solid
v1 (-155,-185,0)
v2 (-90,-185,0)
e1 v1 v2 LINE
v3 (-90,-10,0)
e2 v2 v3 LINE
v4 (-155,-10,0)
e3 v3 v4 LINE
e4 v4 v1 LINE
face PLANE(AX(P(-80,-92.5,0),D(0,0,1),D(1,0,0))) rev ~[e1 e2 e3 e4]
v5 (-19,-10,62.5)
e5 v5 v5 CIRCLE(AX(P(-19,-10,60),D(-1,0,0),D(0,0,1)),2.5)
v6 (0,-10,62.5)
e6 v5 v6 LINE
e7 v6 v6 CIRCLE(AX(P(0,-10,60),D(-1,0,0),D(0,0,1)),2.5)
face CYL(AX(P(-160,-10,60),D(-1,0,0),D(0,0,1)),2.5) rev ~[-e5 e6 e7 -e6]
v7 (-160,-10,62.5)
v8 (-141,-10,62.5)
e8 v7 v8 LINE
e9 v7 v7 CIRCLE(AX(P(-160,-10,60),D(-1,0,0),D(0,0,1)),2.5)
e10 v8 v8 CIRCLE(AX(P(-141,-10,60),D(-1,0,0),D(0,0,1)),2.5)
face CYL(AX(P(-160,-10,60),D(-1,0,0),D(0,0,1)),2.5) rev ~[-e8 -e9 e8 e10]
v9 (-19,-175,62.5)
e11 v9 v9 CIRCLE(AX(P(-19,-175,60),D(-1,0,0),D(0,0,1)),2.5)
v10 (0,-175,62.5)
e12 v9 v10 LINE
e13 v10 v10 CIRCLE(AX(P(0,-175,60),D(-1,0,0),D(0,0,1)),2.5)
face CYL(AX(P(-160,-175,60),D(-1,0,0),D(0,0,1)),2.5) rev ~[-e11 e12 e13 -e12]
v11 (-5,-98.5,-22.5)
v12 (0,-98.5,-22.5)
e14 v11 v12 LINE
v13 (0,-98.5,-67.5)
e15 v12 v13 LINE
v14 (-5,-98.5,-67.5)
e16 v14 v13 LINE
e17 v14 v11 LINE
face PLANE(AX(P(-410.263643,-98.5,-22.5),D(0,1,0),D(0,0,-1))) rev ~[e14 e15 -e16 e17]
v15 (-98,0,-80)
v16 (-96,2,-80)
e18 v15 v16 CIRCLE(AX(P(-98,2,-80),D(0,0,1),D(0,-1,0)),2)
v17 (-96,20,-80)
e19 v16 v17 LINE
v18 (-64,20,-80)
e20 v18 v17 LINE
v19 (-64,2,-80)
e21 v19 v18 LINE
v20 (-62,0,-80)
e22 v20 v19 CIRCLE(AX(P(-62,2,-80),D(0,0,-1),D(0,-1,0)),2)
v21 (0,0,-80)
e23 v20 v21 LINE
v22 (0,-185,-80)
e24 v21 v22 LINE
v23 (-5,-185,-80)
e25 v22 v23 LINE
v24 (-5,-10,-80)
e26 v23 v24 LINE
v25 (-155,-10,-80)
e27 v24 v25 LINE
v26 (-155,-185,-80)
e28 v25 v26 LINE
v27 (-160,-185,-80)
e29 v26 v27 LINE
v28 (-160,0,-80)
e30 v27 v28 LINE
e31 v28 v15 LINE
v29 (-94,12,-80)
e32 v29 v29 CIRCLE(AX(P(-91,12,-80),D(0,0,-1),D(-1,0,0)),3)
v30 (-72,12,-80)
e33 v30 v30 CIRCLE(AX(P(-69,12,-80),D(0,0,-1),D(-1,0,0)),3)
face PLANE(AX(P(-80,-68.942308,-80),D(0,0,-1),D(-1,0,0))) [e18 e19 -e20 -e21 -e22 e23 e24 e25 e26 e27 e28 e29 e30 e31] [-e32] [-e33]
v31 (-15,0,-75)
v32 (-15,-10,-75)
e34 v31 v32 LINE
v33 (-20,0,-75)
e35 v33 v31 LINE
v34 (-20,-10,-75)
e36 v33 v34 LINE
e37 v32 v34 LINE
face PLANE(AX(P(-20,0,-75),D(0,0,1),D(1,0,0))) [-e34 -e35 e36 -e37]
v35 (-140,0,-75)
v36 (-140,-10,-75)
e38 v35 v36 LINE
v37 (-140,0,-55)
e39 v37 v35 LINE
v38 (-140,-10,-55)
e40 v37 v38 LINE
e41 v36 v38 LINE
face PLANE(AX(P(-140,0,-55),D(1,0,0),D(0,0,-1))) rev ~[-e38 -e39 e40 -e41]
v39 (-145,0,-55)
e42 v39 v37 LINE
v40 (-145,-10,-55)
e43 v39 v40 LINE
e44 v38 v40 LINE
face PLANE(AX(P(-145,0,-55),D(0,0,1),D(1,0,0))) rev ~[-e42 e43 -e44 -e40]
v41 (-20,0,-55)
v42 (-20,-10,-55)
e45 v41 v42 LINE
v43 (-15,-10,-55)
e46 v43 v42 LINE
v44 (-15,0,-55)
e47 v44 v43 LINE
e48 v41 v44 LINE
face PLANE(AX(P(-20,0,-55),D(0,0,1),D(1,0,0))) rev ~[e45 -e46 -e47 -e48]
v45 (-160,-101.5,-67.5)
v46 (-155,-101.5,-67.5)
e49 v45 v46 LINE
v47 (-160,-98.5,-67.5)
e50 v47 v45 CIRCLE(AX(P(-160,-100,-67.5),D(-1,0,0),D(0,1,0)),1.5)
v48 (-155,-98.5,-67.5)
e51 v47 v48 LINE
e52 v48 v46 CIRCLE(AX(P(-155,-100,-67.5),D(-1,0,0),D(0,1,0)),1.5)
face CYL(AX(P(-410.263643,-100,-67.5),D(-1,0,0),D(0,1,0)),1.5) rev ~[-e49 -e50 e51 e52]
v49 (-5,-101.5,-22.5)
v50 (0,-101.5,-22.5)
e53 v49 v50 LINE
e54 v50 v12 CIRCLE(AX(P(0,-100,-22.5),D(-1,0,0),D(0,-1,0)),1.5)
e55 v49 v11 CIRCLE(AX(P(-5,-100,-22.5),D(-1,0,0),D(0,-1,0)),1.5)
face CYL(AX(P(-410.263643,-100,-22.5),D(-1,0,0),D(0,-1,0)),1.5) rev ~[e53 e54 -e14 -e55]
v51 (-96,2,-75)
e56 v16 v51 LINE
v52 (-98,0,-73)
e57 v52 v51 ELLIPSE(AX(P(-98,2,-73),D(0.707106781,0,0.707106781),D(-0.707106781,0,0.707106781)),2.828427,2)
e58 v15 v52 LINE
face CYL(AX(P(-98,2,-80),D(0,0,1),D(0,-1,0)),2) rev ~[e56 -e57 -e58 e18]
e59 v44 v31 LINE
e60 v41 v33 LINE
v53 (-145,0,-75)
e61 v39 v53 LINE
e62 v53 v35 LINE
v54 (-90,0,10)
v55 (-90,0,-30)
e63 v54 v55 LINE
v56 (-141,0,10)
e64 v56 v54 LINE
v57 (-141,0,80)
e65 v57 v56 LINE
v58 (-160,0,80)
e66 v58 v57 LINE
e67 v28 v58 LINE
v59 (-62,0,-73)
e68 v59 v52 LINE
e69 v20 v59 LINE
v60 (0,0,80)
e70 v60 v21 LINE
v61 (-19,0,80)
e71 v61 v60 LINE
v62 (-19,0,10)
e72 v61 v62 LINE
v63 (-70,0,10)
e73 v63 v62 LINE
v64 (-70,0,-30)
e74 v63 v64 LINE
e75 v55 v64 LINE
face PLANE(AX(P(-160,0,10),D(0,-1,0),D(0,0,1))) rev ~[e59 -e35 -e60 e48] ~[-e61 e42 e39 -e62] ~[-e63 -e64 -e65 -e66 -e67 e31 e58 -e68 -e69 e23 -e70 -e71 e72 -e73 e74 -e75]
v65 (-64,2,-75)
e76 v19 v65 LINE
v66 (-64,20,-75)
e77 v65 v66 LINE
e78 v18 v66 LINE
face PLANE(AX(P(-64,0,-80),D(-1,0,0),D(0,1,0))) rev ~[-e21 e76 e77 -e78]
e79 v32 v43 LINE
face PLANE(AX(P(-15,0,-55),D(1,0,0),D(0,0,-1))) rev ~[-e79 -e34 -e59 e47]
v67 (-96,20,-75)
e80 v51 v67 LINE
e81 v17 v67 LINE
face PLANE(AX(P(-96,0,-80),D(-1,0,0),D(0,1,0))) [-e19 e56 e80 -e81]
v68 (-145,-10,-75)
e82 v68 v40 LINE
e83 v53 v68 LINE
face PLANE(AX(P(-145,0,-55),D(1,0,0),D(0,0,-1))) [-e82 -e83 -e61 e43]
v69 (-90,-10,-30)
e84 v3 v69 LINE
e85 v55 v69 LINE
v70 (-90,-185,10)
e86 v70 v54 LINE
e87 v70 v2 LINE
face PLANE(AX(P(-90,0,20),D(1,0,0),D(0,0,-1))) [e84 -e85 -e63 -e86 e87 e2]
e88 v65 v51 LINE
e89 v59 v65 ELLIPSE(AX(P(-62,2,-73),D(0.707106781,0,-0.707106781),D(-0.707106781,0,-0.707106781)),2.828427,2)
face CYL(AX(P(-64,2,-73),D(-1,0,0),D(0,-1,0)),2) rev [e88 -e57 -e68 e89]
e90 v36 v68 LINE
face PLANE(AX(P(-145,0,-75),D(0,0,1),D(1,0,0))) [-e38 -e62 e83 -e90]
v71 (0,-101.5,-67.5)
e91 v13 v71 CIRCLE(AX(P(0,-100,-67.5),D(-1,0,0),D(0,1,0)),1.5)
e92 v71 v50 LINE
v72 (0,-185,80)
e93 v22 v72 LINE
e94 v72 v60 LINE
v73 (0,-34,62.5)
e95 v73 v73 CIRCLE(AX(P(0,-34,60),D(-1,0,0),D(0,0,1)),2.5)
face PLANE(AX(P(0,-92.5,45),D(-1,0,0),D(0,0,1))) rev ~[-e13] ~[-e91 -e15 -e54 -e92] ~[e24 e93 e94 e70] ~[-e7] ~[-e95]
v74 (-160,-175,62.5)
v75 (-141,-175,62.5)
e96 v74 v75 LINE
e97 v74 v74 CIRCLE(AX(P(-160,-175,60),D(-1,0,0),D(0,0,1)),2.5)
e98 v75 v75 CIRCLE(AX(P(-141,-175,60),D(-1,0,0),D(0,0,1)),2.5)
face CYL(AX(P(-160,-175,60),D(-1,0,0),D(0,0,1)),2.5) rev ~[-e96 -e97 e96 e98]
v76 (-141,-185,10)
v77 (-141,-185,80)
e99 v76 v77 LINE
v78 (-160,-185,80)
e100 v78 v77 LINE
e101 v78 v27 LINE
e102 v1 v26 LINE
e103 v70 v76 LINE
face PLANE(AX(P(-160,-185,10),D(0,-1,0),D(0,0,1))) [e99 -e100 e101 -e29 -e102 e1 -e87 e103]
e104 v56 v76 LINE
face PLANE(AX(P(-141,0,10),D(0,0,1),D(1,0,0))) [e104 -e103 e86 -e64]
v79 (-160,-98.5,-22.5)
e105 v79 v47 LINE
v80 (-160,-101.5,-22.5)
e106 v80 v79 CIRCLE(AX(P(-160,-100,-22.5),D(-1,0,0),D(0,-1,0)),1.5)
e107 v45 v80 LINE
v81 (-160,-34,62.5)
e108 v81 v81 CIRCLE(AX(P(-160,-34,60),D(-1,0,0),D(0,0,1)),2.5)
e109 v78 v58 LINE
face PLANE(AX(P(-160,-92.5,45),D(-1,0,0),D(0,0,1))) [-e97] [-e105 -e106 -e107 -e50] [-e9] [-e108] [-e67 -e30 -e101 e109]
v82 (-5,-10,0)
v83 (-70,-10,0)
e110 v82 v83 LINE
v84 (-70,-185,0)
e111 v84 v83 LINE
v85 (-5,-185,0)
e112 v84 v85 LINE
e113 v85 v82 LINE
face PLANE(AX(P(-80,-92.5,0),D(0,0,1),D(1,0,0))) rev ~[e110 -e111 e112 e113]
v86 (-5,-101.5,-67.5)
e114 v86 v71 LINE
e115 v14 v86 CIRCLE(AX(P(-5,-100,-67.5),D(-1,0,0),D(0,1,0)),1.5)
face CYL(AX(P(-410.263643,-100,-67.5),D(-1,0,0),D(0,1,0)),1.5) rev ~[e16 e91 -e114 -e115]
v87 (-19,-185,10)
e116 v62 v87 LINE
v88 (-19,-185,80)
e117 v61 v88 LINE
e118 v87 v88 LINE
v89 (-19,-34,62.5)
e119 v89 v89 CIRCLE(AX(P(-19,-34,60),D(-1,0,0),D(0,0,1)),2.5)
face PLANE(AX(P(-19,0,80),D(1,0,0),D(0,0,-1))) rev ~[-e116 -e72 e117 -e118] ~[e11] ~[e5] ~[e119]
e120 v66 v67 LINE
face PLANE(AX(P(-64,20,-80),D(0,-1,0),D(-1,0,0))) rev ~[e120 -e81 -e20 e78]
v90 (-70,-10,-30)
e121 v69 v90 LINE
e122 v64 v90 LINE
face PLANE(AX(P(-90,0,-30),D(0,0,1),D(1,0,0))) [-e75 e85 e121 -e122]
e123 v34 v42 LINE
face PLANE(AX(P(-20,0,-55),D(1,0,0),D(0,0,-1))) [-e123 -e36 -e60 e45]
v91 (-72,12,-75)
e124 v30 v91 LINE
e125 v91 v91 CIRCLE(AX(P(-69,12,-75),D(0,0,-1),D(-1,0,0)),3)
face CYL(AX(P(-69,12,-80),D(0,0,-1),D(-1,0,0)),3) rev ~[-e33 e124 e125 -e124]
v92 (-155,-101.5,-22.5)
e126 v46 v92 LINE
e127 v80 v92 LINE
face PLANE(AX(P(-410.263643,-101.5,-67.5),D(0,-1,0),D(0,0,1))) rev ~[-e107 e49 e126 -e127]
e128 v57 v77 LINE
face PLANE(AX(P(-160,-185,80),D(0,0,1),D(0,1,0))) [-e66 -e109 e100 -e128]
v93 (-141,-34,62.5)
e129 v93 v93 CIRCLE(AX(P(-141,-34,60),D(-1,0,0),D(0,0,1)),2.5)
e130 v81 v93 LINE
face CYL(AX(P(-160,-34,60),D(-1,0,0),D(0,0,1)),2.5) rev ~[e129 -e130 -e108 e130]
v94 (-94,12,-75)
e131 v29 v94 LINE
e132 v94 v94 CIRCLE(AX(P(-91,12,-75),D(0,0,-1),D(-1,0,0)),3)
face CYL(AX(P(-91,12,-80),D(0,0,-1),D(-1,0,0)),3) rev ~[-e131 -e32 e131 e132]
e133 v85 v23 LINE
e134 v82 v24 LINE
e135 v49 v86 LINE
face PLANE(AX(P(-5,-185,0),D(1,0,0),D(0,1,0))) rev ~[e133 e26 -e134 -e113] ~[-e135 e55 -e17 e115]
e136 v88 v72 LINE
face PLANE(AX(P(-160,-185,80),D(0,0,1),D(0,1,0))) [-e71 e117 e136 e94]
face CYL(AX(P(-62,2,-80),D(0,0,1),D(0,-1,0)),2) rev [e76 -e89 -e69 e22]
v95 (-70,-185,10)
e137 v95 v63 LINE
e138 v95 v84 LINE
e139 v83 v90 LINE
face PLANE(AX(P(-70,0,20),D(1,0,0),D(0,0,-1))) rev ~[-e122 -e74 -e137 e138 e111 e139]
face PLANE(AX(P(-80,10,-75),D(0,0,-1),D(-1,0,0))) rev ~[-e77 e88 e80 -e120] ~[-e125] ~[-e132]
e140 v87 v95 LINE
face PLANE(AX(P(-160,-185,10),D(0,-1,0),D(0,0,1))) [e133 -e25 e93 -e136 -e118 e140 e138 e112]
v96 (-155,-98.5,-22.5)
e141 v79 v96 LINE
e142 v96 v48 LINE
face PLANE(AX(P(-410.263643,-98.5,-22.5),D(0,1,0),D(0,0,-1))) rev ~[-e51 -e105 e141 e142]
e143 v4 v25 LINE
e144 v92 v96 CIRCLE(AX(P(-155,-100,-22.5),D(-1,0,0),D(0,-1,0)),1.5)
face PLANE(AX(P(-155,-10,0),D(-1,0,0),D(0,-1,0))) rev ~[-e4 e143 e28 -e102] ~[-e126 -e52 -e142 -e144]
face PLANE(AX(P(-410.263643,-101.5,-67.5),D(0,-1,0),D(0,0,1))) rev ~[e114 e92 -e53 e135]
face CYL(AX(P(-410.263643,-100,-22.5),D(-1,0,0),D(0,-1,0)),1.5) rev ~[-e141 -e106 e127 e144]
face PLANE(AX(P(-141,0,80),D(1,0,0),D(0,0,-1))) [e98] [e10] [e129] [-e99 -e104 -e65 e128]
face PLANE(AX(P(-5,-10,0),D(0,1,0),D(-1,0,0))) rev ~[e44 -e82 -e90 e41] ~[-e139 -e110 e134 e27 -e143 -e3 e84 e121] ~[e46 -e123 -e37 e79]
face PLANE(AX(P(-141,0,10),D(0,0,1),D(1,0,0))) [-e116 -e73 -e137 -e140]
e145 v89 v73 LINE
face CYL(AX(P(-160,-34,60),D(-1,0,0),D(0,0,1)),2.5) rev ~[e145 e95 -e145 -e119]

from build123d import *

# Parameters (mm, degrees)
SKETCH_1_W               = 160
SKETCH_1_H               = 185
EXTRUDE_1_DEPTH          = 10
EXTRUDE_2_DEPTH          = 80
SKETCH_14_W              = 20
SKETCH_14_H              = 50
CUT_EXTRUDE_4_DEPTH      = 258.342184649
SKETCH_16_W              = 32
SKETCH_16_H              = 20
EXTRUDE_7_DEPTH          = 5
CUT_EXTRUDE_7_REACH      = 262.624
SKETCH_18_R              = 3
FILLET_1_R               = 2
SKETCH_21_W              = 70
SKETCH_21_H              = 185
SKETCH_21_R              = 2.5
EXTRUDE_8_DEPTH          = 160
CUT_EXTRUDE_9_DEPTH      = 255.263642702
CUT_EXTRUDE_9_DEPTH_BACK = 255.263642702
SKETCH_23_W              = 122
SKETCH_23_H              = 70
CUT_EXTRUDE_10_DEPTH     = 258.342184649
CUT_EXTRUDE_11_REACH     = 259.342
SKETCH_24_W              = 5
SKETCH_24_H              = 20


with BuildPart() as part:
    # 草圖1 → 填料-伸長1 (new body)
    with BuildSketch(Plane.XY):
        with Locations((-80, -92.5)):
            Rectangle(SKETCH_1_W, SKETCH_1_H)
    extrude(amount=EXTRUDE_1_DEPTH)

    # 草圖2 → 填料-伸長2 (add)
    with BuildSketch(Plane(origin=(0, 0, 0), x_dir=(-1, 0, 0), z_dir=(0, 0, -1))):
        Polygon((0, 0), (0, -185), (5, -185), (5, -10), (155, -10), (155, -185), (160, -185), (160, 0), align=None)
    extrude(amount=EXTRUDE_2_DEPTH)

    # 草圖14 → 除料-伸長4 (cut, through all)
    with BuildSketch(Plane(origin=(0, 0, 0), x_dir=(1, 0, 0), z_dir=(0, 1, 0))):
        with Locations((-80, 5)):
            Rectangle(SKETCH_14_W, SKETCH_14_H)
    extrude(amount=-CUT_EXTRUDE_4_DEPTH, mode=Mode.SUBTRACT)

    # 草圖16 → 填料-伸長7 (add)
    with BuildSketch(Plane(origin=(0, 0, -80), x_dir=(-1, 0, 0), z_dir=(0, 0, -1))):
        with Locations((80, 10)):
            Rectangle(SKETCH_16_W, SKETCH_16_H)
    extrude(amount=-EXTRUDE_7_DEPTH)

    # 草圖18 → 除料-伸長7 (cut, up to next)
    with BuildSketch(Plane(origin=(0, 0, -80), x_dir=(-1, 0, 0), z_dir=(0, 0, -1)), mode=Mode.PRIVATE) as cut_extrude_7_sk1:
        with Locations((69, 12)):
            Circle(SKETCH_18_R)
    cut_extrude_7_tool1 = extrude(cut_extrude_7_sk1.sketch, amount=-CUT_EXTRUDE_7_REACH, mode=Mode.PRIVATE) & part.part
    # 草圖18 → 除料-伸長7 (cut, up to next)
    with BuildSketch(Plane(origin=(0, 0, -80), x_dir=(-1, 0, 0), z_dir=(0, 0, -1)), mode=Mode.PRIVATE) as cut_extrude_7_sk2:
        with Locations((91, 12)):
            Circle(SKETCH_18_R)
    cut_extrude_7_tool2 = extrude(cut_extrude_7_sk2.sketch, amount=-CUT_EXTRUDE_7_REACH, mode=Mode.PRIVATE) & part.part
    add(cut_extrude_7_tool1.solids().sort_by_distance((-69, 12, -80))[0], mode=Mode.SUBTRACT)
    add(cut_extrude_7_tool2.solids().sort_by_distance((-91, 12, -80))[0], mode=Mode.SUBTRACT)

    # 圓角1
    fillet_1_edges = [part.edges().sort_by_distance(p)[0] for p in [
        (-80, 0, -75),
        (-96, 0, -77.5),
        (-64, 0, -77.5),
    ]]
    fillet(fillet_1_edges, radius=FILLET_1_R)

    # 草圖21 → 填料-伸長8 (add)
    with BuildSketch(Plane.ZY.offset(160)):
        with Locations((45, -92.5)):
            Rectangle(SKETCH_21_W, SKETCH_21_H)
        with Locations((60, -10)):
            Circle(SKETCH_21_R, mode=Mode.SUBTRACT)
        with Locations((60, -175)):
            Circle(SKETCH_21_R, mode=Mode.SUBTRACT)
        with Locations((60, -34)):
            Circle(SKETCH_21_R, mode=Mode.SUBTRACT)
    extrude(amount=-EXTRUDE_8_DEPTH)

    # 草圖22 → 除料-伸長9 (cut, two sides: drawn at the far end of the back side and taken through both)
    with BuildSketch(Plane(origin=(-155, 0, 0), x_dir=(0, 0, -1), z_dir=(1, 0, 0)).offset(-CUT_EXTRUDE_9_DEPTH_BACK)):
        with BuildLine():
            Line((22.5, -98.5), (67.5, -98.5))
            ThreePointArc((67.5, -98.5), (69, -100), (67.5, -101.5))
            Line((67.5, -101.5), (22.5, -101.5))
            ThreePointArc((22.5, -101.5), (21, -100), (22.5, -98.5))
        make_face()
    extrude(amount=CUT_EXTRUDE_9_DEPTH + CUT_EXTRUDE_9_DEPTH_BACK, mode=Mode.SUBTRACT)

    # 草圖23 → 除料-伸長10 (cut, through all)
    with BuildSketch(Plane(origin=(0, 0, 0), x_dir=(1, 0, 0), z_dir=(0, 1, 0))):
        with Locations((-80, -45)):
            Rectangle(SKETCH_23_W, SKETCH_23_H)
    extrude(amount=-CUT_EXTRUDE_10_DEPTH, mode=Mode.SUBTRACT)

    # 草圖24 → 除料-伸長11 (cut, up to next)
    with BuildSketch(Plane(origin=(0, 0, 0), x_dir=(1, 0, 0), z_dir=(0, 1, 0)), mode=Mode.PRIVATE) as cut_extrude_11_sk1:
        with Locations((-142.5, 65)):
            Rectangle(SKETCH_24_W, SKETCH_24_H)
    cut_extrude_11_tool1 = extrude(cut_extrude_11_sk1.sketch, amount=-CUT_EXTRUDE_11_REACH, mode=Mode.PRIVATE) & part.part
    # 草圖24 → 除料-伸長11 (cut, up to next)
    with BuildSketch(Plane(origin=(0, 0, 0), x_dir=(1, 0, 0), z_dir=(0, 1, 0)), mode=Mode.PRIVATE) as cut_extrude_11_sk2:
        with Locations((-17.5, 65)):
            Rectangle(SKETCH_24_W, SKETCH_24_H)
    cut_extrude_11_tool2 = extrude(cut_extrude_11_sk2.sketch, amount=-CUT_EXTRUDE_11_REACH, mode=Mode.PRIVATE) & part.part
    add(cut_extrude_11_tool1.solids().sort_by_distance((-142.5, 0, -65))[0], mode=Mode.SUBTRACT)
    add(cut_extrude_11_tool2.solids().sort_by_distance((-17.5, 0, -65))[0], mode=Mode.SUBTRACT)


solid = part.part
